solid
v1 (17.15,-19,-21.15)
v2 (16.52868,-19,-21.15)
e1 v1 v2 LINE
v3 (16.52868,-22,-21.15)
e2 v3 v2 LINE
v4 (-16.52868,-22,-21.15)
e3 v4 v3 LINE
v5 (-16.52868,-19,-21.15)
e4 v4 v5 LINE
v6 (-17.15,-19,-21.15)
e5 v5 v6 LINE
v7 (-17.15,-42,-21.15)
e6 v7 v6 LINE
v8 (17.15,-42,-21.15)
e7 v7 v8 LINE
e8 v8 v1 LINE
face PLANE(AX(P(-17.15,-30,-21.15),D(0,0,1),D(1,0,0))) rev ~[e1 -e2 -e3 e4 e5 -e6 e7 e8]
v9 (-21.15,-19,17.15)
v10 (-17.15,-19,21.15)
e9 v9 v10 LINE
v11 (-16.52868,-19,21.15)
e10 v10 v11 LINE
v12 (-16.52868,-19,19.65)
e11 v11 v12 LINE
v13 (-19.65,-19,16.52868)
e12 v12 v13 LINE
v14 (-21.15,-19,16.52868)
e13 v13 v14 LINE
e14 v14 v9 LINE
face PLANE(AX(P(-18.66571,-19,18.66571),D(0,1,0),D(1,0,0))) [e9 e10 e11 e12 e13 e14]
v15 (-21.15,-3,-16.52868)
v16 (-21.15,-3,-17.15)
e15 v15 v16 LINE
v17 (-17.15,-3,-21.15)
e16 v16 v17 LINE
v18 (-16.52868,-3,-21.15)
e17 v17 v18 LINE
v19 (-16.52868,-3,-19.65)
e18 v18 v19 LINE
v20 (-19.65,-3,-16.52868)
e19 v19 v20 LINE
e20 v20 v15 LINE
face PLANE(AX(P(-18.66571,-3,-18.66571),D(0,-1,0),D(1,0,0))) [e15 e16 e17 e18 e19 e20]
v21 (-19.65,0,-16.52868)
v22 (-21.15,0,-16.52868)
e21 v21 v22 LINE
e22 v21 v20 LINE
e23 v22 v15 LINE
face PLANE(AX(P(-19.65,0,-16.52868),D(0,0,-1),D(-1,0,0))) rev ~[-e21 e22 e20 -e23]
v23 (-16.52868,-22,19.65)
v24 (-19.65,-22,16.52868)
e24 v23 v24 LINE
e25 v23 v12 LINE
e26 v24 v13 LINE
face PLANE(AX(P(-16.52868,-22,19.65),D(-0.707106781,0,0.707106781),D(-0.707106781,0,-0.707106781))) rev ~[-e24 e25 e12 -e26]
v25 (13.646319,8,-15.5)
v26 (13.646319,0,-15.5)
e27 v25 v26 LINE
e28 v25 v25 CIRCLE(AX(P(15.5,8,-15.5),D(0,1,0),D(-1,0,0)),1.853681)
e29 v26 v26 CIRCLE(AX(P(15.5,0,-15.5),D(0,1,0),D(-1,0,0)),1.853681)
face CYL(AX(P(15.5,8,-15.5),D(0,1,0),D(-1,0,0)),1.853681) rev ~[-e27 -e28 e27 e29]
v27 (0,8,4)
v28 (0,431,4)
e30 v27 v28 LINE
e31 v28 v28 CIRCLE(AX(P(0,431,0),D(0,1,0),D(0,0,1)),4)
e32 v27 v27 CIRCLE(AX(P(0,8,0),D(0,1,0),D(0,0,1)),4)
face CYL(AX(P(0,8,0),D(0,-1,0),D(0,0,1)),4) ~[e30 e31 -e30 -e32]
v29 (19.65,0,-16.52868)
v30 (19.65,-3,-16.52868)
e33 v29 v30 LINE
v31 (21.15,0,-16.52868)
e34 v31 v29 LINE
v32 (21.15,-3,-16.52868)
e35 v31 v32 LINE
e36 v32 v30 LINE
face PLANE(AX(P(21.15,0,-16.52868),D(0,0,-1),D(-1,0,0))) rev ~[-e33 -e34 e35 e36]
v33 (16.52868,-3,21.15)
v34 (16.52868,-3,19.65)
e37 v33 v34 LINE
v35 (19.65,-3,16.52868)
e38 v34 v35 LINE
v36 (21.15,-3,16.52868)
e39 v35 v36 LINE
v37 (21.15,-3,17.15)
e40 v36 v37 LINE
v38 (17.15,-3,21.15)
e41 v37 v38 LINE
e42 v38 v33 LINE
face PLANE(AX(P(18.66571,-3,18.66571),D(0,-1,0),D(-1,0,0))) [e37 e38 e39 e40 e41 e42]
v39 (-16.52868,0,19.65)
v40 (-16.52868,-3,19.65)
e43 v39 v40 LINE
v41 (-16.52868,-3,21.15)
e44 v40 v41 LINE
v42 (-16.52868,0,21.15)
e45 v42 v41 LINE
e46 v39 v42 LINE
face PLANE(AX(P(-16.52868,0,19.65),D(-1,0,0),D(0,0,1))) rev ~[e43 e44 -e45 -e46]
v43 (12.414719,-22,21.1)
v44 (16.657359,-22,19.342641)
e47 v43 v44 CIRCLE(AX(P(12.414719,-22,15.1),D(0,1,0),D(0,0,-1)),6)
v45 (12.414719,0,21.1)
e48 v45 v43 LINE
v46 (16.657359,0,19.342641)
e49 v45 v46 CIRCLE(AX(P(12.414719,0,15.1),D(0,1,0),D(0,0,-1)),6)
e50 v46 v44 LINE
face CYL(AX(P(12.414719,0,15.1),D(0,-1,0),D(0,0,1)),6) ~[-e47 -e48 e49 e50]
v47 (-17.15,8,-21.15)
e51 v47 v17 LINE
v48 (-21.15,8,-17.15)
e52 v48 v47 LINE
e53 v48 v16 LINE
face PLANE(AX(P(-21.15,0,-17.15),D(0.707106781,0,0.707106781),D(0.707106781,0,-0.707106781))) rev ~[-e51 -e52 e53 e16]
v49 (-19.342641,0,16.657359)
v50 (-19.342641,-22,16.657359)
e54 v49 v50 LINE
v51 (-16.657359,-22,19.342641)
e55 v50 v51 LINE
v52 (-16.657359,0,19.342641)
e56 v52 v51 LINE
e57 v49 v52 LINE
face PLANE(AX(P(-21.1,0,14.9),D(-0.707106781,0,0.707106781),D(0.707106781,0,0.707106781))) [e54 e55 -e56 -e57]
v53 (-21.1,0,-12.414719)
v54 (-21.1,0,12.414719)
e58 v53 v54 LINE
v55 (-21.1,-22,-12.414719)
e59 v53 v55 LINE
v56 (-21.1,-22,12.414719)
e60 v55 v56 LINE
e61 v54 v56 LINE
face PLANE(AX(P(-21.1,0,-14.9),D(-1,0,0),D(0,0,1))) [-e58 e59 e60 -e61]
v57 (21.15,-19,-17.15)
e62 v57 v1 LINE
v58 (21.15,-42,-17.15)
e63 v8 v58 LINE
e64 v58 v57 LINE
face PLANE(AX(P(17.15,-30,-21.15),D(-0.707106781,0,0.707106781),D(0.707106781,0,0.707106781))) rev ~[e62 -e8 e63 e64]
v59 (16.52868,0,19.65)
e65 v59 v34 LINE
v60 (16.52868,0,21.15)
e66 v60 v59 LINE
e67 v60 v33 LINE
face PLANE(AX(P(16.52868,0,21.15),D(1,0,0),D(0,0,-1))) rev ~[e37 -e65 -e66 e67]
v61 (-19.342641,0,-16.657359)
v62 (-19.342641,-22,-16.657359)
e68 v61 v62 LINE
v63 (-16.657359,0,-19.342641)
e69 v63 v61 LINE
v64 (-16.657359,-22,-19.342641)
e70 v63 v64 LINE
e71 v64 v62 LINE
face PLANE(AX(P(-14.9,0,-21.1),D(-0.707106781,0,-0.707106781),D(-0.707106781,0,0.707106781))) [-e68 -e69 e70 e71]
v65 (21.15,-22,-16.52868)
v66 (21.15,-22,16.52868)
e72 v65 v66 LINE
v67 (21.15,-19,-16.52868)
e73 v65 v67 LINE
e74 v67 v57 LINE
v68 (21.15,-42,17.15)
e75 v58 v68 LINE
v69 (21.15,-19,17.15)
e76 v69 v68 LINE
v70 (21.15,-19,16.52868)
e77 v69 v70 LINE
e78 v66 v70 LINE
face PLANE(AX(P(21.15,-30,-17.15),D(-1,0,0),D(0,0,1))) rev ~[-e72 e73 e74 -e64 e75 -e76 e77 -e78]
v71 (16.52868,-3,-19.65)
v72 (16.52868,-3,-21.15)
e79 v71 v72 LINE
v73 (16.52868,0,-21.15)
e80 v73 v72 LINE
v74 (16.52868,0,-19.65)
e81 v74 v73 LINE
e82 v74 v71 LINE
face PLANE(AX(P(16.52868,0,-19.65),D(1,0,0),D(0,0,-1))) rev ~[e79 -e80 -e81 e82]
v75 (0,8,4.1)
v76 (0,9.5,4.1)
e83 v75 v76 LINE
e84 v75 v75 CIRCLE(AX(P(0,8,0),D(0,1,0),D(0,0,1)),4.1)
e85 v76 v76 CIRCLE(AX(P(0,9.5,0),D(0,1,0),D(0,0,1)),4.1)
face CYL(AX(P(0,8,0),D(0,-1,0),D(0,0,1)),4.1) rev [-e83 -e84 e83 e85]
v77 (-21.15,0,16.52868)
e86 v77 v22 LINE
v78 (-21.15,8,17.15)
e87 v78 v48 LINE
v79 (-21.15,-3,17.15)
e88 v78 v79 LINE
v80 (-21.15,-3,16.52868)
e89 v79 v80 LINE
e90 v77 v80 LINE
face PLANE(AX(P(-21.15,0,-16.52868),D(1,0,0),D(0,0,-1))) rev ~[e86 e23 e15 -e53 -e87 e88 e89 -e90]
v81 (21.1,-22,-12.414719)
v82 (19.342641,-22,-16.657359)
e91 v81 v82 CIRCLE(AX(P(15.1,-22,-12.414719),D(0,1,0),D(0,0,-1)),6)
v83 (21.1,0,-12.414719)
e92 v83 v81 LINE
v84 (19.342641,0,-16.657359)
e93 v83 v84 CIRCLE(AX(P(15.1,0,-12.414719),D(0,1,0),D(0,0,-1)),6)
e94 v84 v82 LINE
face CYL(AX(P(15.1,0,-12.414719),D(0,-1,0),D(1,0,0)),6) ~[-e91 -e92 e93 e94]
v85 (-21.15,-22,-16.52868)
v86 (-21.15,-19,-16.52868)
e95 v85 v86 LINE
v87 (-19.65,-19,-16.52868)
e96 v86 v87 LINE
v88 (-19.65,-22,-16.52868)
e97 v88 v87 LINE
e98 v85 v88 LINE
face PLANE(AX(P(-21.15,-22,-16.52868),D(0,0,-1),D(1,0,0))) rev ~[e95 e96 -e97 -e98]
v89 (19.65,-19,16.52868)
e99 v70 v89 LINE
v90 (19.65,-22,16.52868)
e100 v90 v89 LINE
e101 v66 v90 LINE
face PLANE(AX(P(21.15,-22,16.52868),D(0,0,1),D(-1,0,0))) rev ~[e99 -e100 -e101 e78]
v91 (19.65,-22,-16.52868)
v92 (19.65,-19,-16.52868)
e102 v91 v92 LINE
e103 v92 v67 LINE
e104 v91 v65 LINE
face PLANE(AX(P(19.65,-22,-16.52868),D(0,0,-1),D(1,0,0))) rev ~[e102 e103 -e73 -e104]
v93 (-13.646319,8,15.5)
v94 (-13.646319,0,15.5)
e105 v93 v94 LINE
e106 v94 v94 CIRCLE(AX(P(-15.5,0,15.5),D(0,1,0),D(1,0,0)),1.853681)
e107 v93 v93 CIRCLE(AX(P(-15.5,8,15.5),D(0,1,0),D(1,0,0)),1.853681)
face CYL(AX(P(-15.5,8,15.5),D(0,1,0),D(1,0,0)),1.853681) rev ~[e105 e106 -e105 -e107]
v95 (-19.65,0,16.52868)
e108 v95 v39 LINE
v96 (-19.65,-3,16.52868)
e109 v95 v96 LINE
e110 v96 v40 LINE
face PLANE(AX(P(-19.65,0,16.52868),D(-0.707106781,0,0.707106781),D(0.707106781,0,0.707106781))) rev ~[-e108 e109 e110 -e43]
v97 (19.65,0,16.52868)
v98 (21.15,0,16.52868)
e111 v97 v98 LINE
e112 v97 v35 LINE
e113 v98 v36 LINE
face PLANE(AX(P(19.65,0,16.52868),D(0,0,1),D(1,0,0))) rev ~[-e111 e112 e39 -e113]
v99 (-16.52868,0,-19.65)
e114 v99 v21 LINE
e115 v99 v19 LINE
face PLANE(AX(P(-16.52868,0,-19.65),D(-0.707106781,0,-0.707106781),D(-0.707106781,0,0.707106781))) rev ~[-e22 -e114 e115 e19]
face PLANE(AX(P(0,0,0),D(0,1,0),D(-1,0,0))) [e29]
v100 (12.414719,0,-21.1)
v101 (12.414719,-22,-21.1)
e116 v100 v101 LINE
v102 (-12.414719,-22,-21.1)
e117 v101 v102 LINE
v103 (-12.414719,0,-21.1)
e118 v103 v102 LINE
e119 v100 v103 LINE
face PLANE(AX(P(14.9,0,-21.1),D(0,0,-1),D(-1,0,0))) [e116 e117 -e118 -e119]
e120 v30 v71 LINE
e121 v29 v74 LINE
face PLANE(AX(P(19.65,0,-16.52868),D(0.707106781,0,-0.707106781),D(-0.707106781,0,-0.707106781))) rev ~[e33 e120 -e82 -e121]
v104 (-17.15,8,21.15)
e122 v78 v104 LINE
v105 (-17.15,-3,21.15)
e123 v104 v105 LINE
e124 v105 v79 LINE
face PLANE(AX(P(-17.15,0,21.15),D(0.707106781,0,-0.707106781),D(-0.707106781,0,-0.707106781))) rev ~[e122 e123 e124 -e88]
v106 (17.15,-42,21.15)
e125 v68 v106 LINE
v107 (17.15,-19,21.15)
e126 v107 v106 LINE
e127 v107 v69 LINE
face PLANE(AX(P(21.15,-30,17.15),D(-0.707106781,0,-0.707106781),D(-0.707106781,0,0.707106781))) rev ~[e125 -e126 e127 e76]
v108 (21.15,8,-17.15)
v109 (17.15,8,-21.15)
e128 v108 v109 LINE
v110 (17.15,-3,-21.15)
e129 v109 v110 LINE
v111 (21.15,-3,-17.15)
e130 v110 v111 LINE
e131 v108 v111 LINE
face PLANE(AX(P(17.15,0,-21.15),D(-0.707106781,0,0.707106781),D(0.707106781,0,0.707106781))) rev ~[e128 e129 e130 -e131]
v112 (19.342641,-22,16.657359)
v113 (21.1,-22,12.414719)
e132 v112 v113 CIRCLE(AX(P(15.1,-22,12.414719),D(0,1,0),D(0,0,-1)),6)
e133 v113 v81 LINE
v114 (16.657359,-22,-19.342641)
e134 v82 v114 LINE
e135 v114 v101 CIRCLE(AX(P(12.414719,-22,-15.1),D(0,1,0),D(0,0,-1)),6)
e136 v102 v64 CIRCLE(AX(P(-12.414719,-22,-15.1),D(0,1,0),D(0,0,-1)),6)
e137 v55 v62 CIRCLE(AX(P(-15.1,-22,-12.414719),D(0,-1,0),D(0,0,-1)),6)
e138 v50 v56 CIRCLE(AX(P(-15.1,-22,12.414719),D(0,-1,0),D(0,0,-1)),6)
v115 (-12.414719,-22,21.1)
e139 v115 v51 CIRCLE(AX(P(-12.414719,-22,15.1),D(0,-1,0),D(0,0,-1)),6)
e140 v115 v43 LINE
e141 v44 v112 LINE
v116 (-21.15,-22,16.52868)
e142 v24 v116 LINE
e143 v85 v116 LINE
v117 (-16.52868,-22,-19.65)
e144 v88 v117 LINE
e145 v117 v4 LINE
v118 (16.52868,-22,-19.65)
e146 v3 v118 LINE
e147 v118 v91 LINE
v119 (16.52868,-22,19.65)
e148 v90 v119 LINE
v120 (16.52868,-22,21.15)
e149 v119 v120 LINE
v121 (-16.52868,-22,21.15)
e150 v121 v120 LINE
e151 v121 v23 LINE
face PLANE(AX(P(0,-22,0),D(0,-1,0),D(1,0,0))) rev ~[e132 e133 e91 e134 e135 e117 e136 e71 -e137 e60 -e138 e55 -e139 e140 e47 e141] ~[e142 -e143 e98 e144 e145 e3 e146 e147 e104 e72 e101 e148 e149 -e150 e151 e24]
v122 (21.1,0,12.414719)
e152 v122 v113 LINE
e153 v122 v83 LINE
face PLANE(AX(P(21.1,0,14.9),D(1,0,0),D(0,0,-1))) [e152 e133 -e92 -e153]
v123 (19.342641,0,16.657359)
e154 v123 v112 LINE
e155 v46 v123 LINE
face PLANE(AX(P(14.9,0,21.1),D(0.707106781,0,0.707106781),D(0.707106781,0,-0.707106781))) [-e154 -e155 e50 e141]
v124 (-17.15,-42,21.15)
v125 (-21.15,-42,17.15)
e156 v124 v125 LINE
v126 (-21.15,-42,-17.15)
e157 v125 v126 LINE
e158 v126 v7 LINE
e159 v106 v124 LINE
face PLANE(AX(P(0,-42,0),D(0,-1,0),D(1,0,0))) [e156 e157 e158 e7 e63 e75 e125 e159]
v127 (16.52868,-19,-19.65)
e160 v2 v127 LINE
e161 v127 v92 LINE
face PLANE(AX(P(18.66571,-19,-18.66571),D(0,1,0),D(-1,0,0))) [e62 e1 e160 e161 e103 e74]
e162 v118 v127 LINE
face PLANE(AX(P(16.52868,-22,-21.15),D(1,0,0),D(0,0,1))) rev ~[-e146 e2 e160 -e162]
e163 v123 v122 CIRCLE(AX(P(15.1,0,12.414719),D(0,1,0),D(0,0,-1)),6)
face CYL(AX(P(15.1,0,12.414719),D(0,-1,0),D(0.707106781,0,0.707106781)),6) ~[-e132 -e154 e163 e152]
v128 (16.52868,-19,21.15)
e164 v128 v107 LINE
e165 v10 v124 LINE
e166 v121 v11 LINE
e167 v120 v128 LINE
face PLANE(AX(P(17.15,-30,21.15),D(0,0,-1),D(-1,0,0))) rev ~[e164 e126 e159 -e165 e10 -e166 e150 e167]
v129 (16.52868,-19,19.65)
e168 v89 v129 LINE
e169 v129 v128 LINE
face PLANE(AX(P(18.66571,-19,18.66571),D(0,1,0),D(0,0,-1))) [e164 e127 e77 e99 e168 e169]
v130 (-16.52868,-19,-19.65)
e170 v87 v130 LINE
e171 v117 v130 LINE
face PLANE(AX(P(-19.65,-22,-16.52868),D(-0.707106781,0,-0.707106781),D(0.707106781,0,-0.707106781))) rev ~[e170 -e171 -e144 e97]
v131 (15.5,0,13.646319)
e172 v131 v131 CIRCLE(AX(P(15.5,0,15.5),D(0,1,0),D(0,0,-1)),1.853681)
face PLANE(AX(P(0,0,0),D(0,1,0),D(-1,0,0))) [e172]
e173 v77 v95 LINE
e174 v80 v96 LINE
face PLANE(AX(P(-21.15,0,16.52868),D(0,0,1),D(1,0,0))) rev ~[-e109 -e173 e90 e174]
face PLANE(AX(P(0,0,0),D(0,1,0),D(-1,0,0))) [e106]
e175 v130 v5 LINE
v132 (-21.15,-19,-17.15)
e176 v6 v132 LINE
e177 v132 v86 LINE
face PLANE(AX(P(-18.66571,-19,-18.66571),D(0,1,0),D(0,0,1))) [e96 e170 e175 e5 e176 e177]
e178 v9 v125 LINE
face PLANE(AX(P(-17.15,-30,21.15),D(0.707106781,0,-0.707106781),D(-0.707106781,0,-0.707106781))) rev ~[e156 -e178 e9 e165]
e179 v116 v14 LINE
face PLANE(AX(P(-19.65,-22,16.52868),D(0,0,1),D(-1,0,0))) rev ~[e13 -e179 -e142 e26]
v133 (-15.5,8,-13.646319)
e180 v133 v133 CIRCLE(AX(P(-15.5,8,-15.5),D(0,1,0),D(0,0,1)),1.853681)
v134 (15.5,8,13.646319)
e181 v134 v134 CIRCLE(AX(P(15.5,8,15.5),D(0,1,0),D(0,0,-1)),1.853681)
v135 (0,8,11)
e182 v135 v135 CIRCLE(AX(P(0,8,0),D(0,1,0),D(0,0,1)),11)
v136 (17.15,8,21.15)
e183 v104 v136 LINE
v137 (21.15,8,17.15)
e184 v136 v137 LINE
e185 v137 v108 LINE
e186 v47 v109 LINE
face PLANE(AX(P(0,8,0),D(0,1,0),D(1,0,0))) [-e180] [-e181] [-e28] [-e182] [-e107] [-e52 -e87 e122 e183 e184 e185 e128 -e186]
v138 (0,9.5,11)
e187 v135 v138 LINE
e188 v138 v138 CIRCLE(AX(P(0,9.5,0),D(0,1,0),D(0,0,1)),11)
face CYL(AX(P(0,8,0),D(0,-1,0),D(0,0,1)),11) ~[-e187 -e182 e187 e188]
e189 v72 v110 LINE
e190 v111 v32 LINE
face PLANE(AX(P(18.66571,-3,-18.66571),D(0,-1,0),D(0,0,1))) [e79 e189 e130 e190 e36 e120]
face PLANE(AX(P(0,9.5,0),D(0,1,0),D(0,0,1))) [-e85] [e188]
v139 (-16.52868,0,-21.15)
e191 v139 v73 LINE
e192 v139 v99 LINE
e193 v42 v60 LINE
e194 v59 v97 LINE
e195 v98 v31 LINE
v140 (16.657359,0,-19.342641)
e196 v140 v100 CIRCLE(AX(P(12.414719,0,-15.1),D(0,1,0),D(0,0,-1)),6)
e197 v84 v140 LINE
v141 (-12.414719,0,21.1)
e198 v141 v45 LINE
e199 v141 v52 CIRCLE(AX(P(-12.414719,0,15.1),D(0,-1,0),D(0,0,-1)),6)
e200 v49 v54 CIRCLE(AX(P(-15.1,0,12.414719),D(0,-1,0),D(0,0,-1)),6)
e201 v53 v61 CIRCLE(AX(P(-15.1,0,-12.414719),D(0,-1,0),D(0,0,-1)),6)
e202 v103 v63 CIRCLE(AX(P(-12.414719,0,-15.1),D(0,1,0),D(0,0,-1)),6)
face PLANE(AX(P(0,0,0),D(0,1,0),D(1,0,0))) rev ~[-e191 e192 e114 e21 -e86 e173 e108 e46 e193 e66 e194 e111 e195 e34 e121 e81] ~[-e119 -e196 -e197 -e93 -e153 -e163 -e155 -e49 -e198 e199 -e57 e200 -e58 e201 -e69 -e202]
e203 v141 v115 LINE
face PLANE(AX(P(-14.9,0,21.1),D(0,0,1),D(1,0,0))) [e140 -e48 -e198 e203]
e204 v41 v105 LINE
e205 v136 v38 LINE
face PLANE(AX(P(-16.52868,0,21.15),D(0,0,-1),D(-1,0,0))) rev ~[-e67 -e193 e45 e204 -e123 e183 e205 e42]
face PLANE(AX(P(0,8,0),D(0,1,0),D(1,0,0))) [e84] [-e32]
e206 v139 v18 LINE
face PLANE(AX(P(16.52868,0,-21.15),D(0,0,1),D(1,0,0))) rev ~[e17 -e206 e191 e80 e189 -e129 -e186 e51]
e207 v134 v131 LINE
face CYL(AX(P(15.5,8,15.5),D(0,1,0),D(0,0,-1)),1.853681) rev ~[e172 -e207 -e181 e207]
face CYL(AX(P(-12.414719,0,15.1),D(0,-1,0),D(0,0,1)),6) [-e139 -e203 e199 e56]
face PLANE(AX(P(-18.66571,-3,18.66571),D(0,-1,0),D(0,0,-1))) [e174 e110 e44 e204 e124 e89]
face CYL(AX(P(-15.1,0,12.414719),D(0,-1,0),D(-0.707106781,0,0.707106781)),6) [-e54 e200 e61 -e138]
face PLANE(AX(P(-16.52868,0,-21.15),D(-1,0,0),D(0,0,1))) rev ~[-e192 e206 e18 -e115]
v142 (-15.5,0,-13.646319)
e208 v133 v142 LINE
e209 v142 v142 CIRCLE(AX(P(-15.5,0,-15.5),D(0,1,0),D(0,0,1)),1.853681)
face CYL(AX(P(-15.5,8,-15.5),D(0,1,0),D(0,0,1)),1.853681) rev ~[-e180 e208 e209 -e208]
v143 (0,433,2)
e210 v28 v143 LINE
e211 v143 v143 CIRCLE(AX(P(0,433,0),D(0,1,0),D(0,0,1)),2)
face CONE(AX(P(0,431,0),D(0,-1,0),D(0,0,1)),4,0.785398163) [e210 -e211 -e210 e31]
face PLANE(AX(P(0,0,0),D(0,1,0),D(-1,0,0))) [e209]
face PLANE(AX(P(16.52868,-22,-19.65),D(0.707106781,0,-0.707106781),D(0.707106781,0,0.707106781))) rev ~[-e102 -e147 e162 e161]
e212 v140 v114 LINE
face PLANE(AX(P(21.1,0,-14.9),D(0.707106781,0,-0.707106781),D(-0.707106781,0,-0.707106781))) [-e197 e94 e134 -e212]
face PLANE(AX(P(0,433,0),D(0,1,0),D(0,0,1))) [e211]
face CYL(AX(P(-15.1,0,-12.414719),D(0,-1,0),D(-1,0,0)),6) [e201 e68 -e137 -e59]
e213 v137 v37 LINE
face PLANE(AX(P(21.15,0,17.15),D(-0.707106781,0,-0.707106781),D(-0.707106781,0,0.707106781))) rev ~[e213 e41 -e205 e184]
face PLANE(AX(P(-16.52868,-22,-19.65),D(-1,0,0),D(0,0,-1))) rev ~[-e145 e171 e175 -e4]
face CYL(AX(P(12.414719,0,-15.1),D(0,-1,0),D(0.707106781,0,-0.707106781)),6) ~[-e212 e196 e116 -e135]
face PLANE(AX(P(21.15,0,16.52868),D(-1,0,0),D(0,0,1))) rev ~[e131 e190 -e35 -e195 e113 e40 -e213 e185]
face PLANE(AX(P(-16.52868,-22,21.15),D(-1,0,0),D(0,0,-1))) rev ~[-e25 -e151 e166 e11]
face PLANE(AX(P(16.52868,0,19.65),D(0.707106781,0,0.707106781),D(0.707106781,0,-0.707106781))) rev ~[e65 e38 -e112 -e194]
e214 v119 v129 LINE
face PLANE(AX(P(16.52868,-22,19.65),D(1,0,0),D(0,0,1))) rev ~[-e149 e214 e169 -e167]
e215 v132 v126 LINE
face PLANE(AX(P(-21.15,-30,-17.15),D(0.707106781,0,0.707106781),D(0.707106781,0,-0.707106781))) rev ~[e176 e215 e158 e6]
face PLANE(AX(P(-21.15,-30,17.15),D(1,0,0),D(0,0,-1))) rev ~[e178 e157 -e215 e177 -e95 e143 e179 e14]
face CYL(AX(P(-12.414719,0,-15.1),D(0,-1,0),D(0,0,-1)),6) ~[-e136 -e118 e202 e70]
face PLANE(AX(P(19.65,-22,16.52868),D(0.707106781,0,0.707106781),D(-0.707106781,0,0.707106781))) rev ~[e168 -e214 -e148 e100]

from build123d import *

# Parameters (mm, degrees)
ESBO_O1_W              = 42.3
ESBO_O1_H              = 42.3
UPPERBODY_DEPTH        = 8
CHANFRO1_SIZE          = 4
ESBO_O2_R              = 11
ESBO_O2_R_2            = 4.1
LITTLETOPCIRCLE_DEPTH  = 1.5
ESBO_O3_R              = 1.853680608
MOUNTINGHOLES_DEPTH    = 25
PADR_OCIRCULAR1_COUNT  = 4
LITTLEMETALTABS_DEPTH  = 3
PADR_OCIRCULAR2_COUNT  = 4
MIDDLEBODY_DEPTH       = 22
FILETE1_R              = 6
ESBO_O9_W              = 42.3
ESBO_O9_H              = 42.3
BOTTOMBODY_DEPTH       = 8
CHANFRO5_SIZE          = 4
LITTLEMETALTABS2_DEPTH = 3
PADR_OCIRCULAR3_COUNT  = 4
ESBO_O4_R              = 4
LEADSCREW_DEPTH        = 425
CHANFRO2_SIZE          = 2
EXTRUDE_1_DEPTH        = 12


with BuildPart() as part:
    # Esboço1 → UpperBody (new body)
    with BuildSketch(Plane(origin=(0, 0, 0), x_dir=(1, 0, 0), z_dir=(0, 1, 0))):
        Rectangle(ESBO_O1_W, ESBO_O1_H)
    extrude(amount=UPPERBODY_DEPTH)

    # Chanfro1
    chanfro1_edges = [part.edges().sort_by_distance(p)[0] for p in [
        (-21.15, 4, 21.15),
        (21.15, 4, -21.15),
        (-21.15, 4, -21.15),
        (21.15, 4, 21.15),
    ]]
    chamfer(chanfro1_edges, length=CHANFRO1_SIZE)

    # Esboço2 → LittleTopCircle (add)
    with BuildSketch(Plane(origin=(0, 8, 0), x_dir=(1, 0, 0), z_dir=(0, 1, 0))):
        Circle(ESBO_O2_R)
        Circle(ESBO_O2_R_2, mode=Mode.SUBTRACT)
    extrude(amount=LITTLETOPCIRCLE_DEPTH)

    # Esboço3 → MountingHoles (cut)
    with BuildSketch(Plane(origin=(0, 8, 0), x_dir=(1, 0, 0), z_dir=(0, 1, 0))):
        with Locations((-15.5, 15.5)):
            Circle(ESBO_O3_R)
    mountingholes = extrude(amount=-MOUNTINGHOLES_DEPTH, mode=Mode.SUBTRACT)

    # PadrãoCircular1: MountingHoles ×4 about axis
    padr_ocircular1_axis = Axis((0, 8, 0), (0, 1, 0))
    for i in range(1, PADR_OCIRCULAR1_COUNT):
        add(mountingholes.rotate(padr_ocircular1_axis, i * 360 / PADR_OCIRCULAR1_COUNT), mode=Mode.SUBTRACT)

    # Esboço7 → LittleMetalTabs (add)
    with BuildSketch(Plane.XZ):
        Polygon((-19.65, -16.528679656), (-21.15, -16.528679656), (-21.15, -17.15), (-17.15, -21.15), (-16.528679656, -21.15), (-16.528679656, -19.65), align=None)
    littlemetaltabs = extrude(amount=LITTLEMETALTABS_DEPTH)

    # PadrãoCircular2: LittleMetalTabs ×4 about axis
    padr_ocircular2_axis = Axis((0, 9.5, 0), (0, 1, 0))
    for i in range(1, PADR_OCIRCULAR2_COUNT):
        add(littlemetaltabs.rotate(padr_ocircular2_axis, i * 360 / PADR_OCIRCULAR2_COUNT))

    # Esboço8 → MiddleBody (add)
    with BuildSketch(Plane.XZ):
        Polygon((-14.9, 21.1), (14.9, 21.1), (21.1, 14.9), (21.1, -14.9), (14.9, -21.1), (-14.9, -21.1), (-21.1, -14.9), (-21.1, 14.9), align=None)
    extrude(amount=MIDDLEBODY_DEPTH)

    # Filete1
    filete1_edges = [part.edges().sort_by_distance(p)[0] for p in [
        (-21.1, -11, -14.9),
        (-21.1, -11, 14.9),
        (-14.9, -11, 21.1),
        (14.9, -11, 21.1),
        (-14.9, -11, -21.1),
        (21.1, -11, 14.9),
        (14.9, -11, -21.1),
        (21.1, -11, -14.9),
    ]]
    fillet(filete1_edges, radius=FILETE1_R)

    # Esboço9 → BottomBody (add)
    with BuildSketch(Plane.XZ.offset(22)):
        Rectangle(ESBO_O9_W, ESBO_O9_H)
    extrude(amount=BOTTOMBODY_DEPTH)

    # Chanfro5
    chanfro5_edges = [part.edges().sort_by_distance(p)[0] for p in [
        (21.15, -26, 21.15),
        (21.15, -26, -21.15),
        (-21.15, -26, 21.15),
        (-21.15, -26, -21.15),
    ]]
    chamfer(chanfro5_edges, length=CHANFRO5_SIZE)

    # Esboço10 → LittleMetalTabs2 (add)
    with BuildSketch(Plane(origin=(0, -22, 0), x_dir=(1, 0, 0), z_dir=(0, 1, 0))):
        Polygon((-16.528679656, -21.15), (-16.528679656, -19.65), (-19.65, -16.528679656), (-21.15, -16.528679656), (-21.15, -17.15), (-17.15, -21.15), align=None)
    littlemetaltabs2 = extrude(amount=LITTLEMETALTABS2_DEPTH)

    # PadrãoCircular3: LittleMetalTabs2 ×4 about axis
    padr_ocircular3_axis = Axis((0, -30, 0), (0, 1, 0))
    for i in range(1, PADR_OCIRCULAR3_COUNT):
        add(littlemetaltabs2.rotate(padr_ocircular3_axis, i * 360 / PADR_OCIRCULAR3_COUNT))

    # Esboço4 → LeadScrew (add)
    with BuildSketch(Plane(origin=(0, 8, 0), x_dir=(1, 0, 0), z_dir=(0, 1, 0))):
        Circle(ESBO_O4_R)
    extrude(amount=LEADSCREW_DEPTH)

    # Chanfro2
    chanfro2_edges = [part.edges().sort_by_distance(p)[0] for p in [
        (-4, 433, 0),
    ]]
    chamfer(chanfro2_edges, length=CHANFRO2_SIZE)

    # 草图6 → 凸台-拉伸1 (add)
    with BuildSketch(Plane.XZ.offset(30)):
        Polygon((21.15, -17.15), (21.15, 17.15), (17.15, 21.15), (-17.15, 21.15), (-21.15, 17.15), (-21.15, -17.15), (-17.15, -21.15), (17.15, -21.15), align=None)
    extrude(amount=EXTRUDE_1_DEPTH)


solid = part.part
